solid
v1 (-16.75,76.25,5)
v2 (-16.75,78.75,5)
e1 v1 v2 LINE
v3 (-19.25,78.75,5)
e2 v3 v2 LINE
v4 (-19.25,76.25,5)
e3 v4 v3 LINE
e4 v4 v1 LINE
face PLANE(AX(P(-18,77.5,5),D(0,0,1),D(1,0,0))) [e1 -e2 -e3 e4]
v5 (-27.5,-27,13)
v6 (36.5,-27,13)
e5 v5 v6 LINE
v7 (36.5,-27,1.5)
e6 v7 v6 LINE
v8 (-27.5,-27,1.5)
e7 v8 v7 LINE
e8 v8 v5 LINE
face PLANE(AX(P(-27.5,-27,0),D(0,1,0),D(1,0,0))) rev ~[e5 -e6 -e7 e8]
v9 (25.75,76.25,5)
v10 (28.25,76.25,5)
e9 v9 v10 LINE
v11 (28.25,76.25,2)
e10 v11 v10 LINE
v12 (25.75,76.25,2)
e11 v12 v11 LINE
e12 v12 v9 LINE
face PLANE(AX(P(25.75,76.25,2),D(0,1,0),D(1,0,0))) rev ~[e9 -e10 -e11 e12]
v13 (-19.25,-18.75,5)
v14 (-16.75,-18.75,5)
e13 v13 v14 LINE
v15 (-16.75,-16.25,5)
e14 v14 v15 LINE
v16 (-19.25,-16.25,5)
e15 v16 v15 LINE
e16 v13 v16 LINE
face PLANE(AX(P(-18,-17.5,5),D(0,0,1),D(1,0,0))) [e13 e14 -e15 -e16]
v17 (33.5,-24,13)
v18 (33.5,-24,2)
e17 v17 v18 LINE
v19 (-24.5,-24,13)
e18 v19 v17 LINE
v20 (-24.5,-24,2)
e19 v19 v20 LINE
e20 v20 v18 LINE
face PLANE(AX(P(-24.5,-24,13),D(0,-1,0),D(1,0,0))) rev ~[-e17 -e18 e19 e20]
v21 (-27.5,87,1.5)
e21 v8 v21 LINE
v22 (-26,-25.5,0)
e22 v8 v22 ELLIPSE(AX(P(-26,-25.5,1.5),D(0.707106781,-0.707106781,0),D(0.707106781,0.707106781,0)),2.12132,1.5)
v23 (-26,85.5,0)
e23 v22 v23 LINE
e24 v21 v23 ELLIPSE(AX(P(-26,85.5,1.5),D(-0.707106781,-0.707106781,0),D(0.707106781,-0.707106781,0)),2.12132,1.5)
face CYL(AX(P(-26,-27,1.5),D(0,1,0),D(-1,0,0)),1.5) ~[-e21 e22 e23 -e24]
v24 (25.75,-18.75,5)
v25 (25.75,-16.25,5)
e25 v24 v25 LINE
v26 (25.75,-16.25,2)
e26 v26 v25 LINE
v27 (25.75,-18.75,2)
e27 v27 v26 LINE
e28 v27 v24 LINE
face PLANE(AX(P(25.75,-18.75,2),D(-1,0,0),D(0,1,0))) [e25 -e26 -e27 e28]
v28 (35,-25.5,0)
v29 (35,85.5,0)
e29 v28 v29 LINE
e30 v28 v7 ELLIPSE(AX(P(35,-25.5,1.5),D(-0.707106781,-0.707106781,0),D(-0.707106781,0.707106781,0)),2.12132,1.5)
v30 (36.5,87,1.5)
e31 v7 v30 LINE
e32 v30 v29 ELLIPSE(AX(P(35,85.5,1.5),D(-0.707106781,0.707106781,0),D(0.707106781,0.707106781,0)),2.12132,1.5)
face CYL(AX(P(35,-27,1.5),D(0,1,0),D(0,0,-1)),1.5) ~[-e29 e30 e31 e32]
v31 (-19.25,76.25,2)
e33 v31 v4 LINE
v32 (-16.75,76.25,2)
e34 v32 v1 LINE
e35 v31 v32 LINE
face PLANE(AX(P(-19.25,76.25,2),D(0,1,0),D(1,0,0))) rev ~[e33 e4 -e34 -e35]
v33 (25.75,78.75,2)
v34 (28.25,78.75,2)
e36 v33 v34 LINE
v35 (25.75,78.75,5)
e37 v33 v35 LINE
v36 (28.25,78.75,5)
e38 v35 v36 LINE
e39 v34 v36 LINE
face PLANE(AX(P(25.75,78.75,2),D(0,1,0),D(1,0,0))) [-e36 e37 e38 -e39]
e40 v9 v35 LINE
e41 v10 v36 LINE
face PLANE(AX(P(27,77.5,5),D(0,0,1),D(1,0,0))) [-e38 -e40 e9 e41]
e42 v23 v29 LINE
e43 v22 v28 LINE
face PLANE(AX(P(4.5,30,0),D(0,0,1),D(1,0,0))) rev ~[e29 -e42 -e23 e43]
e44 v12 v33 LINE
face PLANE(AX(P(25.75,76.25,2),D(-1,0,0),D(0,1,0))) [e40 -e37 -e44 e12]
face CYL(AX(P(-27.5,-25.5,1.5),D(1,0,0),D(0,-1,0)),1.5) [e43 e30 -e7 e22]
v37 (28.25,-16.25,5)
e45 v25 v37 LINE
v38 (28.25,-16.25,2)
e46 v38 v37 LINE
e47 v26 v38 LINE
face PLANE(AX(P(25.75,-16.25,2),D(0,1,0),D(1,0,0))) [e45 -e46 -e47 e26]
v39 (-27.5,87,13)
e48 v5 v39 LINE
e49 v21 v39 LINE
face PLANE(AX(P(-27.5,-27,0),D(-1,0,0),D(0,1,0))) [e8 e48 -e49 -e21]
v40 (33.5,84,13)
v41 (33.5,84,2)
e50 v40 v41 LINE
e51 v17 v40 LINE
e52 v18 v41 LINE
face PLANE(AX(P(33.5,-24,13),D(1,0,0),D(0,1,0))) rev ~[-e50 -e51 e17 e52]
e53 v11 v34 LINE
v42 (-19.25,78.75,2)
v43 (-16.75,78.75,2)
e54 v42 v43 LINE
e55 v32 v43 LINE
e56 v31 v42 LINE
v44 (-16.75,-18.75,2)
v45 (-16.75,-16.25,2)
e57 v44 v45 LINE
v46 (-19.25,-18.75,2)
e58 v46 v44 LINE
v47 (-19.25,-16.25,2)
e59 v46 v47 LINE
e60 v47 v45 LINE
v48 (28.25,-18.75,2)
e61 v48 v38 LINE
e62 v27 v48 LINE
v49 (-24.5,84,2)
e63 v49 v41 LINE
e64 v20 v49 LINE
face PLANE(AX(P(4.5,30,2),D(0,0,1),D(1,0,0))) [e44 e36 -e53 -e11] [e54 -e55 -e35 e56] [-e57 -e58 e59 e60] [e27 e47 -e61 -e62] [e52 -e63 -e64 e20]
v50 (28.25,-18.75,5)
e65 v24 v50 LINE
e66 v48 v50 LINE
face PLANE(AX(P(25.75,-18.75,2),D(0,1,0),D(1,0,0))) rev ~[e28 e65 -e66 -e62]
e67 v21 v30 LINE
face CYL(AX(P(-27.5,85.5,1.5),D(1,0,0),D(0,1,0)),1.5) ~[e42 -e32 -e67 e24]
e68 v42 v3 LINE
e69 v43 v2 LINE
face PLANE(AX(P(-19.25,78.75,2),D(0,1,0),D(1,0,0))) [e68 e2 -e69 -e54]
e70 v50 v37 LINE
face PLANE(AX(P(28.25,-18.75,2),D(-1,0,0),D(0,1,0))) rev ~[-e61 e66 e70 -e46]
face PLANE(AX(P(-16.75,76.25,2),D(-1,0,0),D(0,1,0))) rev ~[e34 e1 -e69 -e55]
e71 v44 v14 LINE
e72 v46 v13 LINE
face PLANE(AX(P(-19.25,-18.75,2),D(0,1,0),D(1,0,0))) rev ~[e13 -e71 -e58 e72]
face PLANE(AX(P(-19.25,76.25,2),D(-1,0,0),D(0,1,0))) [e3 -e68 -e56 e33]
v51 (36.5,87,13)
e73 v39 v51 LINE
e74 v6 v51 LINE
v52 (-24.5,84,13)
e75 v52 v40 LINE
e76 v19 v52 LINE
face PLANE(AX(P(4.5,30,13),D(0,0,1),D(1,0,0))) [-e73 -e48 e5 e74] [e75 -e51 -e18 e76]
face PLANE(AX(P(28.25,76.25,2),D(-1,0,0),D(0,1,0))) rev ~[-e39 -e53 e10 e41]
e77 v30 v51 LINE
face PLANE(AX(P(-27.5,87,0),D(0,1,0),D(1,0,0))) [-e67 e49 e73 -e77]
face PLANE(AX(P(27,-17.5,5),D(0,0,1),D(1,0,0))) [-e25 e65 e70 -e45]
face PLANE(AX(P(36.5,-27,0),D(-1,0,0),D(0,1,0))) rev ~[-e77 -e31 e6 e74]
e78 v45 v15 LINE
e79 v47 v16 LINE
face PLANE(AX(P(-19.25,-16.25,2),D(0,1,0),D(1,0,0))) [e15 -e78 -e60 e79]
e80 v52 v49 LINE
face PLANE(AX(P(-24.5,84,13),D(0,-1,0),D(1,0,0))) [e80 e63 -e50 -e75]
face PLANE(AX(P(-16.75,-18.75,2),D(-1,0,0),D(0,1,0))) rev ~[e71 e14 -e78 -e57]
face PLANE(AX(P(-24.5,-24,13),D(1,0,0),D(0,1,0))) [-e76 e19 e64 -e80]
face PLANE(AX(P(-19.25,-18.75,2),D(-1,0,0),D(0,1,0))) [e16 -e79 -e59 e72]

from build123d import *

# Parameters (mm, degrees)
SKETCH_W     = 64
SKETCH_H     = 114
PAD_DEPTH    = 13
SKETCH002_W  = 58
SKETCH002_H  = 108
POCKET_DEPTH = 11
SKETCH007_W  = 2.5
SKETCH007_H  = 2.5
PAD001_DEPTH = 3
FILLET_R     = 1.5


with BuildPart() as part:
    # Sketch → Pad (new body)
    with BuildSketch(Plane.XY):
        with Locations((4.5, 30)):
            Rectangle(SKETCH_W, SKETCH_H)
    extrude(amount=PAD_DEPTH)

    # Sketch002 → Pocket (cut)
    with BuildSketch(Plane.XY.offset(13)):
        with Locations((4.5, 30)):
            Rectangle(SKETCH002_W, SKETCH002_H)
    extrude(amount=-POCKET_DEPTH, mode=Mode.SUBTRACT)

    # Sketch007 → Pad001 (new body)
    with BuildSketch(Plane.XY.offset(2)):
        with Locations((-18, 77.5)):
            Rectangle(SKETCH007_W, SKETCH007_H)
        with Locations((27, 77.5)):
            Rectangle(SKETCH007_W, SKETCH007_H)
        with Locations((-18, -17.5)):
            Rectangle(SKETCH007_W, SKETCH007_H)
        with Locations((27, -17.5)):
            Rectangle(SKETCH007_W, SKETCH007_H)
    extrude(amount=PAD001_DEPTH)

    # Fillet
    fillet_edges = [part.edges().sort_by_distance(p)[0] for p in [
        (4.5, 87, 0),
        (-27.5, 30, 0),
        (36.5, 30, 0),
        (4.5, -27, 0),
    ]]
    fillet(fillet_edges, radius=FILLET_R)


solid = part.part
